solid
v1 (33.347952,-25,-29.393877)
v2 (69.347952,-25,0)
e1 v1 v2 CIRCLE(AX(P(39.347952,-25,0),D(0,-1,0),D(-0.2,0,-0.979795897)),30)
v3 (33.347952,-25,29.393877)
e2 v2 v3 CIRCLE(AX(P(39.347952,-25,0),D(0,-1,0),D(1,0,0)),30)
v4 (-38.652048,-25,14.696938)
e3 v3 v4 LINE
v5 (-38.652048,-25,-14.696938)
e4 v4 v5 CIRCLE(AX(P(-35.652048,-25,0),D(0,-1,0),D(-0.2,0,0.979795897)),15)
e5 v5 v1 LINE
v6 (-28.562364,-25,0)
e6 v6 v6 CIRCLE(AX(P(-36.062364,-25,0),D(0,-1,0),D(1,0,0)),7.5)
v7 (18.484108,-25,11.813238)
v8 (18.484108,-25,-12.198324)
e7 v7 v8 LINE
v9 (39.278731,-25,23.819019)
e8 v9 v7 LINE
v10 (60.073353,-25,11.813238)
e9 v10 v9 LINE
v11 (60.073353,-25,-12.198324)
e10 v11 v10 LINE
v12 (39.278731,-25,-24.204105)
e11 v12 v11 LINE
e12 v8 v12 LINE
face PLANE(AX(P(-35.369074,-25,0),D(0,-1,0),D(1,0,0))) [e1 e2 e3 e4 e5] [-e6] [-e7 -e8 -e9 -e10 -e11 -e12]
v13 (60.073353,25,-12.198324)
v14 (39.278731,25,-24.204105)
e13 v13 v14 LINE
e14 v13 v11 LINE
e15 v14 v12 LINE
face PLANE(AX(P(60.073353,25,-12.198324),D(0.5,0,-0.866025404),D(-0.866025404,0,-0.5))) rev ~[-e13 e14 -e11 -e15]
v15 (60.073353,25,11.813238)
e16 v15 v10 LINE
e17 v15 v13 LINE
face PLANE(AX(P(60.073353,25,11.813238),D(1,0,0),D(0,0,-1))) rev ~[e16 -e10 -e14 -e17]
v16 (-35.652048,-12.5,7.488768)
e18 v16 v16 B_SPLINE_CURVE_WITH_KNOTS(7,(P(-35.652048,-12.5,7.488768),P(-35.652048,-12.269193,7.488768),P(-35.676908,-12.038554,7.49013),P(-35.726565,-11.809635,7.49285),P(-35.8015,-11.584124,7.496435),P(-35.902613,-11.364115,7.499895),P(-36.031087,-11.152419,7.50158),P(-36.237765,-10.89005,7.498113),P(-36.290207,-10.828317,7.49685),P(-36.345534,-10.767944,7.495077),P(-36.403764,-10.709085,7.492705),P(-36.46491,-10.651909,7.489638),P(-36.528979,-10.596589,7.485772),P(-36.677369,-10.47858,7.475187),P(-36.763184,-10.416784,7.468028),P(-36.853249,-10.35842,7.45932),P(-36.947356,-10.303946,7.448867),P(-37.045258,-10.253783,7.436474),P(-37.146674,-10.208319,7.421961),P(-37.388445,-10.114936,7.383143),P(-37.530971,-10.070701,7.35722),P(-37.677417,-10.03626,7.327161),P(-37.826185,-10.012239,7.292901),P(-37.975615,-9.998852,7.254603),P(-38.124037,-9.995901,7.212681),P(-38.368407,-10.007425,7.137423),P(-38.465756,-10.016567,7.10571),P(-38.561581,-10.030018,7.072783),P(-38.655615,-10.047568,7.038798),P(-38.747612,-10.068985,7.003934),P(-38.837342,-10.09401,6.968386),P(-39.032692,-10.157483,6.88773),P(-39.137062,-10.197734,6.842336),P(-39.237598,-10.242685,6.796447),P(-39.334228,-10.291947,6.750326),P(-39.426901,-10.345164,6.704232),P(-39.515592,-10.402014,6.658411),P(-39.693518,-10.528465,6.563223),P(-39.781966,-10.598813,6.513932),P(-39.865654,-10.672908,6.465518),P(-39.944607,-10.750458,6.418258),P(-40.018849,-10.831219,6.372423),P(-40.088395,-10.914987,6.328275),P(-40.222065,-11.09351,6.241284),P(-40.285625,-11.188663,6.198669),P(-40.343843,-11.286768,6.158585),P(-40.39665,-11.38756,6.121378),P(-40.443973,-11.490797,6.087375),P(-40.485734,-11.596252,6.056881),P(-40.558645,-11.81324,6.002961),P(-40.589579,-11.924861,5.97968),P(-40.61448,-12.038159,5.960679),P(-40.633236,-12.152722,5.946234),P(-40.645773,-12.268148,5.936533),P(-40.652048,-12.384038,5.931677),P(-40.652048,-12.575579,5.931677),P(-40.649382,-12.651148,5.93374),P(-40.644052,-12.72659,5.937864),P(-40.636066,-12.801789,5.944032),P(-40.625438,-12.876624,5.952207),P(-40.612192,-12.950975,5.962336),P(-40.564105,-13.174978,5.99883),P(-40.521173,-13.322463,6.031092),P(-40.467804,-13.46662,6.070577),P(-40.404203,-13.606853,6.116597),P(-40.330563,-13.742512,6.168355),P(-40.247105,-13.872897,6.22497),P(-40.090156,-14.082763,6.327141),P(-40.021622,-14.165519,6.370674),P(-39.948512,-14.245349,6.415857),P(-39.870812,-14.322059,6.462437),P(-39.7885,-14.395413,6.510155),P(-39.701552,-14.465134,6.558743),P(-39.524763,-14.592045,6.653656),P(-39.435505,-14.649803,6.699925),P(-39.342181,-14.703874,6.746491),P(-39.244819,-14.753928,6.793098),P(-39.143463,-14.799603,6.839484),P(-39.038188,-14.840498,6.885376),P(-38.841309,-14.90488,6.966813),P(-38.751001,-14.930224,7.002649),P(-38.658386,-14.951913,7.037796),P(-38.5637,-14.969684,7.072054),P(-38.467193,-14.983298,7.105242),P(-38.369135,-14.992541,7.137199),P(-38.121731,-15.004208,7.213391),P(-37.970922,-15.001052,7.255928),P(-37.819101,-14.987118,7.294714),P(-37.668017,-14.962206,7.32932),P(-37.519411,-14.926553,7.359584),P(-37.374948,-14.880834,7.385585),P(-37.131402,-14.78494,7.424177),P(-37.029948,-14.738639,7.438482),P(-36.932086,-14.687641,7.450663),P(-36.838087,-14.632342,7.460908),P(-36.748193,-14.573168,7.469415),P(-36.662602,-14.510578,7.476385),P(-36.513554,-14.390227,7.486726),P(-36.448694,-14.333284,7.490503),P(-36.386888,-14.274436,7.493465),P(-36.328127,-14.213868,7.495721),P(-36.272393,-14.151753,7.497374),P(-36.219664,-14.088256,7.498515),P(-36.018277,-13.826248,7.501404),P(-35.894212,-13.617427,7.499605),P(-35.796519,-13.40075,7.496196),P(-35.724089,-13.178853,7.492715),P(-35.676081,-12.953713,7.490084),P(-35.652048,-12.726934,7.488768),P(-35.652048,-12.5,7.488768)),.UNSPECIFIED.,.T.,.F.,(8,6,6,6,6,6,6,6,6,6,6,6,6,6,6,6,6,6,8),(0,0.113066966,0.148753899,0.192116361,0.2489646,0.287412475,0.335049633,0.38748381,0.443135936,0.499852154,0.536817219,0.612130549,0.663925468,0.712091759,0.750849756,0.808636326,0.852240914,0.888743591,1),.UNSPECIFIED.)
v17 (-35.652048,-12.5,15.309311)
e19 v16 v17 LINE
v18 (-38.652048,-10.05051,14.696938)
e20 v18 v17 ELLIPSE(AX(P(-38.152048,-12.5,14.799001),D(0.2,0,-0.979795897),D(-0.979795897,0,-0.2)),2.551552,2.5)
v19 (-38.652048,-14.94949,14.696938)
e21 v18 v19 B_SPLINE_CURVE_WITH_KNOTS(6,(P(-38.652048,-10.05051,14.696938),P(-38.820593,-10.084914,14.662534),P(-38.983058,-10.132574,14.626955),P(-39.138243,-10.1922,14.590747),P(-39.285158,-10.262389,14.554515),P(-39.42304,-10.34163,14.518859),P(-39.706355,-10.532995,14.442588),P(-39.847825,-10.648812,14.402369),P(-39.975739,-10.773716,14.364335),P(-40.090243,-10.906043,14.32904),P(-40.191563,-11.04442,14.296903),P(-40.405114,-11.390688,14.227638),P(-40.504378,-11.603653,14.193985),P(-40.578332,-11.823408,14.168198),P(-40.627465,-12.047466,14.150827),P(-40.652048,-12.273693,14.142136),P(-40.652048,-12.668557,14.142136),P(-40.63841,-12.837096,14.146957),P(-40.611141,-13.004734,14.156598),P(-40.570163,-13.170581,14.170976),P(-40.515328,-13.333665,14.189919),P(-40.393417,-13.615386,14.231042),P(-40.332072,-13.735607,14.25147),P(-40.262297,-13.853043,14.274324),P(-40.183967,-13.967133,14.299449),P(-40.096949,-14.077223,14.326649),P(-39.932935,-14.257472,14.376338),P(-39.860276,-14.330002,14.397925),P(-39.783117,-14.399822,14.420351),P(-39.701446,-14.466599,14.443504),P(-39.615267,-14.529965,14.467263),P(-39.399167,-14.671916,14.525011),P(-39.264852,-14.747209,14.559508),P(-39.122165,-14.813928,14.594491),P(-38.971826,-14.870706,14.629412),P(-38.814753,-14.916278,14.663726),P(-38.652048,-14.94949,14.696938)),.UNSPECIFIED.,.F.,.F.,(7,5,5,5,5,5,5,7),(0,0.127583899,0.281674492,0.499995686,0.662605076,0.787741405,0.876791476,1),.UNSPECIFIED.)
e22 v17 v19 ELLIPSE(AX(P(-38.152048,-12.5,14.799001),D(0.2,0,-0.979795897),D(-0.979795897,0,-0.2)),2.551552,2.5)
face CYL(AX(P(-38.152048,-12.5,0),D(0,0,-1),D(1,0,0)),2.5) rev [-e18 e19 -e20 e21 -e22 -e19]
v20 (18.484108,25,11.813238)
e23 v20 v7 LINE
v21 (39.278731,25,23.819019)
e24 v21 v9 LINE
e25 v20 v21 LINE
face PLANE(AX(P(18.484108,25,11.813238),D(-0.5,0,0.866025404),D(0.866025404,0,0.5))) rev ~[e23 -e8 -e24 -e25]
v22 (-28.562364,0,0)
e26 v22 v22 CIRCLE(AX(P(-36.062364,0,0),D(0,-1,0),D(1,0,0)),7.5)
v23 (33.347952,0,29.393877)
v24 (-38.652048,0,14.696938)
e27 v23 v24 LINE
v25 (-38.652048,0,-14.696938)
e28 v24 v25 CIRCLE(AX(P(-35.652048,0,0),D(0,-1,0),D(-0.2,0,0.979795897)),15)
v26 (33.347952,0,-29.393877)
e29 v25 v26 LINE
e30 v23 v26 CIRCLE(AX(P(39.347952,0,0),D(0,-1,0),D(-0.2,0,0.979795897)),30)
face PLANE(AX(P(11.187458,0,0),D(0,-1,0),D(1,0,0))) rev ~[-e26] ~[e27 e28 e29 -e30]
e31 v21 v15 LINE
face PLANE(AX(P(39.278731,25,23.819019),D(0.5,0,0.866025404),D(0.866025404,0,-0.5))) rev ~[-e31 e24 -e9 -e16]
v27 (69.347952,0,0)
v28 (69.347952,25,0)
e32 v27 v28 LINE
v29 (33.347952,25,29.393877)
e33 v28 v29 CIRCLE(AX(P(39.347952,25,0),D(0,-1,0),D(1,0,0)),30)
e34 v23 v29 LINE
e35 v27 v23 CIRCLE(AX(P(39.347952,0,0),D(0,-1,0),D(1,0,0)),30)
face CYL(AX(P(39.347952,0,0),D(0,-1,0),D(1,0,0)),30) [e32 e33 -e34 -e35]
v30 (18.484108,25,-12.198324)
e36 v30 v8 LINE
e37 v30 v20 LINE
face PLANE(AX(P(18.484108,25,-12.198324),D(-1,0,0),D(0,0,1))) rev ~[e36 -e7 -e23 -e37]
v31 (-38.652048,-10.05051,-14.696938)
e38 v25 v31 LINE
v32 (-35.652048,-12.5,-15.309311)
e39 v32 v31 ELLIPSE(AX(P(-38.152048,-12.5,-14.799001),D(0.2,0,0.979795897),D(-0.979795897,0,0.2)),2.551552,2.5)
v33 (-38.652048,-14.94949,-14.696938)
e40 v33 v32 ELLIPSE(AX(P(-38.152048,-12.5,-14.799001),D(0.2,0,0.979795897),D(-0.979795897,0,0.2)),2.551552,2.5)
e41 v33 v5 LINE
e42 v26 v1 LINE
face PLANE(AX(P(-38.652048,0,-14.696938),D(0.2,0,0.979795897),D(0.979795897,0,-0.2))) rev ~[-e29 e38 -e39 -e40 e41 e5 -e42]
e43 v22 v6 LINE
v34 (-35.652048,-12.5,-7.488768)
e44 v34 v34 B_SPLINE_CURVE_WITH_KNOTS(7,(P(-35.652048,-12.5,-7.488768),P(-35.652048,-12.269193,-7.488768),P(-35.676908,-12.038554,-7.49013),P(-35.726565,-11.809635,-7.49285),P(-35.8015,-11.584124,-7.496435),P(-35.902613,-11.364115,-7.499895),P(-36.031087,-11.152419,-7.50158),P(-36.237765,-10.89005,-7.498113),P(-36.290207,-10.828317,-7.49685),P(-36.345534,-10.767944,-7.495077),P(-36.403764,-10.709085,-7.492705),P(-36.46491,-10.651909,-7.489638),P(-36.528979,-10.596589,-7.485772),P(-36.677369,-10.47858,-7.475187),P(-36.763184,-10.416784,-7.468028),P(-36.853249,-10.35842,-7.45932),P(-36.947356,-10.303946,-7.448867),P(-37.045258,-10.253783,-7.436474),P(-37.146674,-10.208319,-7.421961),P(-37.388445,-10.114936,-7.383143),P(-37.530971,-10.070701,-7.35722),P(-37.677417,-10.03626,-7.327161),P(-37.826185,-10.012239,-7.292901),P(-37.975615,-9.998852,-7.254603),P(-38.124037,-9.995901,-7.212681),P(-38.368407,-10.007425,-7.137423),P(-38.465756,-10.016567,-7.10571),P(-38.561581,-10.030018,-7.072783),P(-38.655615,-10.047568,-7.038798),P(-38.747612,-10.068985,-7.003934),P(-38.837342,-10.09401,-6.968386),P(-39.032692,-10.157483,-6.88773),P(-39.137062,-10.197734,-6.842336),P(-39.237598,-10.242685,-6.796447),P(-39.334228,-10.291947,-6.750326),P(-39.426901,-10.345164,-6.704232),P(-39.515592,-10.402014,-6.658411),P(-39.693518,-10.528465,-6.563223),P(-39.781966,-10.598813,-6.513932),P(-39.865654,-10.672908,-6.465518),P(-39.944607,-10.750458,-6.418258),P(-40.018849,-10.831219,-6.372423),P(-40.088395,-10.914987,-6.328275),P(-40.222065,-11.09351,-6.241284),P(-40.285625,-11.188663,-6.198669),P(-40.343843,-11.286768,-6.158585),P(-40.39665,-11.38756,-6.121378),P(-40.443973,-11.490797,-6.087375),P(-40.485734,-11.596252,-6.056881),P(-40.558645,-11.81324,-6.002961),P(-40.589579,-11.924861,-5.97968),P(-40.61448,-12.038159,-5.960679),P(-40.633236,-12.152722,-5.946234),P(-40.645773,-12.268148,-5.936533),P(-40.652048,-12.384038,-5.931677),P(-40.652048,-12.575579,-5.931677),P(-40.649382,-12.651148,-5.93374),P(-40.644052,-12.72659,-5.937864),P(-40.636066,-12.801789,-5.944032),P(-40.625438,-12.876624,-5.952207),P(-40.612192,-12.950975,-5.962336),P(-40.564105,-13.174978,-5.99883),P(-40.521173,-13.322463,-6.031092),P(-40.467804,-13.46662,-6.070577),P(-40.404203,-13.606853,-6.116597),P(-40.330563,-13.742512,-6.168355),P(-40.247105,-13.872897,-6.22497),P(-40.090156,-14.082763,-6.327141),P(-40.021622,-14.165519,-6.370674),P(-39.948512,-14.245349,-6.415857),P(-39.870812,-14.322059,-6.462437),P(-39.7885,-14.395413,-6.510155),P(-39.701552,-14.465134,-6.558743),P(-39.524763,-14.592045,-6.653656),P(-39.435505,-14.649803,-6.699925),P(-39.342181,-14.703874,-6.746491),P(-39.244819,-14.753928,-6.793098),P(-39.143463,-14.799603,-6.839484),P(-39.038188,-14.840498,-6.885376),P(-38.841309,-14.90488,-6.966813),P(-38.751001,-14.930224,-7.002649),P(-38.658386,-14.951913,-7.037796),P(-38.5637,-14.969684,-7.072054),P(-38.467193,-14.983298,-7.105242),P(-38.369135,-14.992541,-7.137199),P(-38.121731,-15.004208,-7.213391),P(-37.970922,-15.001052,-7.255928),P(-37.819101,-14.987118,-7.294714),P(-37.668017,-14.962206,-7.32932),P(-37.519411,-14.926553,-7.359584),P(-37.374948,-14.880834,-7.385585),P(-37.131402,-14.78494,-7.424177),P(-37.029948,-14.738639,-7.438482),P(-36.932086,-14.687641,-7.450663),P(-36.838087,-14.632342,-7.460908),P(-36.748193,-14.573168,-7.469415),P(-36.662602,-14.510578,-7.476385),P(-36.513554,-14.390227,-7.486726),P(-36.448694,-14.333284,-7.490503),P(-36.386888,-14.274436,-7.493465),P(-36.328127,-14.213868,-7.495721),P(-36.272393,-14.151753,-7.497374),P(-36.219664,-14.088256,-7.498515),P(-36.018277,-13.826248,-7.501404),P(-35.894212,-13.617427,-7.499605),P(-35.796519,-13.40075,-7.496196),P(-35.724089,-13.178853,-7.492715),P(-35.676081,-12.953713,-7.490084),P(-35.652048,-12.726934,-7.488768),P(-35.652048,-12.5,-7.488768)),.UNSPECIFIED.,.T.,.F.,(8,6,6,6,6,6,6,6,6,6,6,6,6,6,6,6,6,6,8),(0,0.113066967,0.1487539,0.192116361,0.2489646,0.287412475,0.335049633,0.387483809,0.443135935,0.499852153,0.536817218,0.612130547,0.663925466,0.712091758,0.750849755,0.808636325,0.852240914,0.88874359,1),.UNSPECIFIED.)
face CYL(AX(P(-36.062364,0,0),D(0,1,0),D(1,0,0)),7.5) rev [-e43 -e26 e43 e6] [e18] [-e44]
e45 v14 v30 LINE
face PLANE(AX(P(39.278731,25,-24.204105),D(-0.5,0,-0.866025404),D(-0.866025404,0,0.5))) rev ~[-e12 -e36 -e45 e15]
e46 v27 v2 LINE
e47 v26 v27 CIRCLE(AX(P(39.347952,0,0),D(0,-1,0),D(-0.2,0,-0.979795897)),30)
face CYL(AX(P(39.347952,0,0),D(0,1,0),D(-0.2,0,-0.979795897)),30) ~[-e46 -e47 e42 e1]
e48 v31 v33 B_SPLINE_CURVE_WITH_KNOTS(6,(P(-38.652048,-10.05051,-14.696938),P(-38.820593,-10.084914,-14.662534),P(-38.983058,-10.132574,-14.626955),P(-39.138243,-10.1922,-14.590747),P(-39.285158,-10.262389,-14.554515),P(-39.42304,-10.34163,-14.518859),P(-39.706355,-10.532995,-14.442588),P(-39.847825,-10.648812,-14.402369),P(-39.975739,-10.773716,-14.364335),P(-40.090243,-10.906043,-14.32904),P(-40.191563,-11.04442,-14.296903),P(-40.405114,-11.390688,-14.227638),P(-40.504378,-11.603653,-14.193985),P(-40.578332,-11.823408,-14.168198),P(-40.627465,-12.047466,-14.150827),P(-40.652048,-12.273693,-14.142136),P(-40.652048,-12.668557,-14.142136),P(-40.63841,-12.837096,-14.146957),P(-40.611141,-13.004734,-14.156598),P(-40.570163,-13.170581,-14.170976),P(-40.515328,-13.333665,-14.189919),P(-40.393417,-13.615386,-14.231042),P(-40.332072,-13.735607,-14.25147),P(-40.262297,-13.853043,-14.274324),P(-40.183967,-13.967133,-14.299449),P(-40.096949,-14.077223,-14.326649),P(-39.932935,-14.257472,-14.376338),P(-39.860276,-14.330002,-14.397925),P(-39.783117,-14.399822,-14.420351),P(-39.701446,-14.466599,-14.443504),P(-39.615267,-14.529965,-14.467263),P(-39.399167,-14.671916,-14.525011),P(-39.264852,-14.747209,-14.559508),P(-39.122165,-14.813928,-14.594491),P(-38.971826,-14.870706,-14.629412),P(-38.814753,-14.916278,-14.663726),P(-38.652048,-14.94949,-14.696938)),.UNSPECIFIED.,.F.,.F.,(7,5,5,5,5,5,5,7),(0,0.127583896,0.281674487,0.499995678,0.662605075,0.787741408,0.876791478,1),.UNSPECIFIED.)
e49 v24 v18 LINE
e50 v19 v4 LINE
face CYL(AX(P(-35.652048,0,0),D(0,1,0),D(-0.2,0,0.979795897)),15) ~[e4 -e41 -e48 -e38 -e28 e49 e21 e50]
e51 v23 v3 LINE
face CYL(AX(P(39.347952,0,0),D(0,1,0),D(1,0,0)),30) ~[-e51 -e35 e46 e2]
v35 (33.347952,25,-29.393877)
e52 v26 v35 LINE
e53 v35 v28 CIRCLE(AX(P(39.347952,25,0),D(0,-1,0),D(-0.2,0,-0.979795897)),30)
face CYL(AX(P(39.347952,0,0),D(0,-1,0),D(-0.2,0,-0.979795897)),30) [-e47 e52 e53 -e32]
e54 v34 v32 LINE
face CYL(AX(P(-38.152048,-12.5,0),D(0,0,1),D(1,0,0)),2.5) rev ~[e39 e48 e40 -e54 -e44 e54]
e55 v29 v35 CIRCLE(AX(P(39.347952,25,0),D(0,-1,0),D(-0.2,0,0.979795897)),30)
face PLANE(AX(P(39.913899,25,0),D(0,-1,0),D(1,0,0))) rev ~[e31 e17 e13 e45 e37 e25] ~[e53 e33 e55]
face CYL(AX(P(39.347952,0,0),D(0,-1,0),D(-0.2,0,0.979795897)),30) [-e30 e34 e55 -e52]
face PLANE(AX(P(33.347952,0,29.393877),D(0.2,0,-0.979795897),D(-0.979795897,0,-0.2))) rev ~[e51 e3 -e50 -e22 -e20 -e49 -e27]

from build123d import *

# Parameters (mm, degrees)
F1_DEPTH       = 25
F2_DEPTH       = 25
F3_DEPTH       = 25
F5_START       = -25
F5_DEPTH       = 25.001
F6_DEPTH       = 25
F7_DEPTH       = 50.001
F8_R           = 7.5
F9_DEPTH       = 25
F10_R          = 2.5
F11_DEPTH      = 25
F11_DEPTH_BACK = 25


with BuildPart() as f1:
    # F0 (on Front) → F1 (new body)
    with BuildSketch(Plane.XZ):
        with BuildLine():
            ThreePointArc((-38.6520479365, -14.6969384567), (-26.165214956, -11.6189500386), (-20.6520479365, 0))
            ThreePointArc((-20.6520479365, 0), (-26.165214956, 11.6189500386), (-38.6520479365, 14.6969384567))
            ThreePointArc((-38.6520479365, 14.6969384567), (-50.6520479365, 0), (-38.6520479365, -14.6969384567))
        make_face()
        with BuildLine():
            ThreePointArc((-38.6520479365, 14.6969384567), (-26.165214956, 11.6189500386), (-20.6520479365, 0))
            ThreePointArc((-20.6520479365, 0), (-26.165214956, -11.6189500386), (-38.6520479365, -14.6969384567))
            Line((-38.6520479365, -14.6969384567), (33.3479520635, -29.3938769134))
            ThreePointArc((33.3479520635, -29.3938769134), (9.3479520635, 0), (33.3479520635, 29.3938769134))
            Line((33.3479520635, 29.3938769134), (-38.6520479365, 14.6969384567))
        make_face()
        with BuildLine():
            ThreePointArc((69.3479520635, 0), (58.3216180245, 23.2379000772), (33.3479520635, 29.3938769134))
            ThreePointArc((33.3479520635, 29.3938769134), (9.3479520635, 0), (33.3479520635, -29.3938769134))
            ThreePointArc((33.3479520635, -29.3938769134), (58.3216180245, -23.2379000772), (69.3479520635, 0))
        make_face()
    extrude(amount=F1_DEPTH)

    # F0 (on Front) → F2 (join)
    with BuildSketch(Plane.XZ):
        with BuildLine():
            ThreePointArc((69.3479520635, 0), (58.3216180245, 23.2379000772), (33.3479520635, 29.3938769134))
            ThreePointArc((33.3479520635, 29.3938769134), (9.3479520635, 0), (33.3479520635, -29.3938769134))
            ThreePointArc((33.3479520635, -29.3938769134), (58.3216180245, -23.2379000772), (69.3479520635, 0))
        make_face()
    extrude(amount=F2_DEPTH)

    # F0 (on Front) → F3 (join)
    with BuildSketch(Plane.XZ):
        with BuildLine():
            ThreePointArc((69.3479520635, 0), (58.3216180245, 23.2379000772), (33.3479520635, 29.3938769134))
            ThreePointArc((33.3479520635, 29.3938769134), (9.3479520635, 0), (33.3479520635, -29.3938769134))
            ThreePointArc((33.3479520635, -29.3938769134), (58.3216180245, -23.2379000772), (69.3479520635, 0))
        make_face()
    extrude(amount=-F3_DEPTH)

    # F1_face (on face) → F5 (cut)
    with BuildSketch(Plane(origin=(15.2359623928, -25, 0), x_dir=(1, 0, 0), z_dir=(0, -1, 0)).offset(F5_START)):
        with BuildLine():
            Line((18.1119896706, 29.3938769134), (-53.8880103294, 14.6969384567))
            ThreePointArc((-53.8880103294, 14.6969384567), (-65.8880103294, 0), (-53.8880103294, -14.6969384567))
            Line((-53.8880103294, -14.6969384567), (18.1119896706, -29.3938769134))
            ThreePointArc((18.1119896706, -29.3938769134), (54.1119896706, 0), (18.1119896706, 29.3938769134))
        make_face()
    extrude(amount=-F5_DEPTH, mode=Mode.SUBTRACT)

    # F0 (on Front) → F6 (join)
    with BuildSketch(Plane.XZ):
        with BuildLine():
            ThreePointArc((69.3479520635, 0), (58.3216180245, 23.2379000772), (33.3479520635, 29.3938769134))
            ThreePointArc((33.3479520635, 29.3938769134), (9.3479520635, 0), (33.3479520635, -29.3938769134))
            ThreePointArc((33.3479520635, -29.3938769134), (58.3216180245, -23.2379000772), (69.3479520635, 0))
        make_face()
    extrude(amount=-F6_DEPTH)

    # F4 (on face) → F7 (cut, through all)
    with BuildSketch(Plane(origin=(0, 25, 0), x_dir=(-1, 0, 0), z_dir=(0, 1, 0))):
        Polygon((-18.48410815, -12.1983237636), (-18.48410815, 11.8132381481), (-39.2787307501, 23.8190191039), (-60.0733533502, 11.8132381481), (-60.0733533502, -12.1983237636), (-39.2787307501, -24.2041047195), align=None)
    extrude(amount=-F7_DEPTH, mode=Mode.SUBTRACT)

    # F8 (on face) → F9 (cut)
    with BuildSketch(Plane.XZ):
        with Locations((-36.0623635352, 0)):
            Circle(F8_R)
    extrude(amount=F9_DEPTH, mode=Mode.SUBTRACT)

    # F10 (on Top) → F11 (cut, two sides)
    with BuildSketch(Plane.XY) as f11_sk:
        with Locations((-38.1520479365, -12.5)):
            Circle(F10_R)
    extrude(amount=-F11_DEPTH, mode=Mode.SUBTRACT)
    extrude(f11_sk.sketch, amount=F11_DEPTH_BACK, mode=Mode.SUBTRACT)


solid = f1.part
